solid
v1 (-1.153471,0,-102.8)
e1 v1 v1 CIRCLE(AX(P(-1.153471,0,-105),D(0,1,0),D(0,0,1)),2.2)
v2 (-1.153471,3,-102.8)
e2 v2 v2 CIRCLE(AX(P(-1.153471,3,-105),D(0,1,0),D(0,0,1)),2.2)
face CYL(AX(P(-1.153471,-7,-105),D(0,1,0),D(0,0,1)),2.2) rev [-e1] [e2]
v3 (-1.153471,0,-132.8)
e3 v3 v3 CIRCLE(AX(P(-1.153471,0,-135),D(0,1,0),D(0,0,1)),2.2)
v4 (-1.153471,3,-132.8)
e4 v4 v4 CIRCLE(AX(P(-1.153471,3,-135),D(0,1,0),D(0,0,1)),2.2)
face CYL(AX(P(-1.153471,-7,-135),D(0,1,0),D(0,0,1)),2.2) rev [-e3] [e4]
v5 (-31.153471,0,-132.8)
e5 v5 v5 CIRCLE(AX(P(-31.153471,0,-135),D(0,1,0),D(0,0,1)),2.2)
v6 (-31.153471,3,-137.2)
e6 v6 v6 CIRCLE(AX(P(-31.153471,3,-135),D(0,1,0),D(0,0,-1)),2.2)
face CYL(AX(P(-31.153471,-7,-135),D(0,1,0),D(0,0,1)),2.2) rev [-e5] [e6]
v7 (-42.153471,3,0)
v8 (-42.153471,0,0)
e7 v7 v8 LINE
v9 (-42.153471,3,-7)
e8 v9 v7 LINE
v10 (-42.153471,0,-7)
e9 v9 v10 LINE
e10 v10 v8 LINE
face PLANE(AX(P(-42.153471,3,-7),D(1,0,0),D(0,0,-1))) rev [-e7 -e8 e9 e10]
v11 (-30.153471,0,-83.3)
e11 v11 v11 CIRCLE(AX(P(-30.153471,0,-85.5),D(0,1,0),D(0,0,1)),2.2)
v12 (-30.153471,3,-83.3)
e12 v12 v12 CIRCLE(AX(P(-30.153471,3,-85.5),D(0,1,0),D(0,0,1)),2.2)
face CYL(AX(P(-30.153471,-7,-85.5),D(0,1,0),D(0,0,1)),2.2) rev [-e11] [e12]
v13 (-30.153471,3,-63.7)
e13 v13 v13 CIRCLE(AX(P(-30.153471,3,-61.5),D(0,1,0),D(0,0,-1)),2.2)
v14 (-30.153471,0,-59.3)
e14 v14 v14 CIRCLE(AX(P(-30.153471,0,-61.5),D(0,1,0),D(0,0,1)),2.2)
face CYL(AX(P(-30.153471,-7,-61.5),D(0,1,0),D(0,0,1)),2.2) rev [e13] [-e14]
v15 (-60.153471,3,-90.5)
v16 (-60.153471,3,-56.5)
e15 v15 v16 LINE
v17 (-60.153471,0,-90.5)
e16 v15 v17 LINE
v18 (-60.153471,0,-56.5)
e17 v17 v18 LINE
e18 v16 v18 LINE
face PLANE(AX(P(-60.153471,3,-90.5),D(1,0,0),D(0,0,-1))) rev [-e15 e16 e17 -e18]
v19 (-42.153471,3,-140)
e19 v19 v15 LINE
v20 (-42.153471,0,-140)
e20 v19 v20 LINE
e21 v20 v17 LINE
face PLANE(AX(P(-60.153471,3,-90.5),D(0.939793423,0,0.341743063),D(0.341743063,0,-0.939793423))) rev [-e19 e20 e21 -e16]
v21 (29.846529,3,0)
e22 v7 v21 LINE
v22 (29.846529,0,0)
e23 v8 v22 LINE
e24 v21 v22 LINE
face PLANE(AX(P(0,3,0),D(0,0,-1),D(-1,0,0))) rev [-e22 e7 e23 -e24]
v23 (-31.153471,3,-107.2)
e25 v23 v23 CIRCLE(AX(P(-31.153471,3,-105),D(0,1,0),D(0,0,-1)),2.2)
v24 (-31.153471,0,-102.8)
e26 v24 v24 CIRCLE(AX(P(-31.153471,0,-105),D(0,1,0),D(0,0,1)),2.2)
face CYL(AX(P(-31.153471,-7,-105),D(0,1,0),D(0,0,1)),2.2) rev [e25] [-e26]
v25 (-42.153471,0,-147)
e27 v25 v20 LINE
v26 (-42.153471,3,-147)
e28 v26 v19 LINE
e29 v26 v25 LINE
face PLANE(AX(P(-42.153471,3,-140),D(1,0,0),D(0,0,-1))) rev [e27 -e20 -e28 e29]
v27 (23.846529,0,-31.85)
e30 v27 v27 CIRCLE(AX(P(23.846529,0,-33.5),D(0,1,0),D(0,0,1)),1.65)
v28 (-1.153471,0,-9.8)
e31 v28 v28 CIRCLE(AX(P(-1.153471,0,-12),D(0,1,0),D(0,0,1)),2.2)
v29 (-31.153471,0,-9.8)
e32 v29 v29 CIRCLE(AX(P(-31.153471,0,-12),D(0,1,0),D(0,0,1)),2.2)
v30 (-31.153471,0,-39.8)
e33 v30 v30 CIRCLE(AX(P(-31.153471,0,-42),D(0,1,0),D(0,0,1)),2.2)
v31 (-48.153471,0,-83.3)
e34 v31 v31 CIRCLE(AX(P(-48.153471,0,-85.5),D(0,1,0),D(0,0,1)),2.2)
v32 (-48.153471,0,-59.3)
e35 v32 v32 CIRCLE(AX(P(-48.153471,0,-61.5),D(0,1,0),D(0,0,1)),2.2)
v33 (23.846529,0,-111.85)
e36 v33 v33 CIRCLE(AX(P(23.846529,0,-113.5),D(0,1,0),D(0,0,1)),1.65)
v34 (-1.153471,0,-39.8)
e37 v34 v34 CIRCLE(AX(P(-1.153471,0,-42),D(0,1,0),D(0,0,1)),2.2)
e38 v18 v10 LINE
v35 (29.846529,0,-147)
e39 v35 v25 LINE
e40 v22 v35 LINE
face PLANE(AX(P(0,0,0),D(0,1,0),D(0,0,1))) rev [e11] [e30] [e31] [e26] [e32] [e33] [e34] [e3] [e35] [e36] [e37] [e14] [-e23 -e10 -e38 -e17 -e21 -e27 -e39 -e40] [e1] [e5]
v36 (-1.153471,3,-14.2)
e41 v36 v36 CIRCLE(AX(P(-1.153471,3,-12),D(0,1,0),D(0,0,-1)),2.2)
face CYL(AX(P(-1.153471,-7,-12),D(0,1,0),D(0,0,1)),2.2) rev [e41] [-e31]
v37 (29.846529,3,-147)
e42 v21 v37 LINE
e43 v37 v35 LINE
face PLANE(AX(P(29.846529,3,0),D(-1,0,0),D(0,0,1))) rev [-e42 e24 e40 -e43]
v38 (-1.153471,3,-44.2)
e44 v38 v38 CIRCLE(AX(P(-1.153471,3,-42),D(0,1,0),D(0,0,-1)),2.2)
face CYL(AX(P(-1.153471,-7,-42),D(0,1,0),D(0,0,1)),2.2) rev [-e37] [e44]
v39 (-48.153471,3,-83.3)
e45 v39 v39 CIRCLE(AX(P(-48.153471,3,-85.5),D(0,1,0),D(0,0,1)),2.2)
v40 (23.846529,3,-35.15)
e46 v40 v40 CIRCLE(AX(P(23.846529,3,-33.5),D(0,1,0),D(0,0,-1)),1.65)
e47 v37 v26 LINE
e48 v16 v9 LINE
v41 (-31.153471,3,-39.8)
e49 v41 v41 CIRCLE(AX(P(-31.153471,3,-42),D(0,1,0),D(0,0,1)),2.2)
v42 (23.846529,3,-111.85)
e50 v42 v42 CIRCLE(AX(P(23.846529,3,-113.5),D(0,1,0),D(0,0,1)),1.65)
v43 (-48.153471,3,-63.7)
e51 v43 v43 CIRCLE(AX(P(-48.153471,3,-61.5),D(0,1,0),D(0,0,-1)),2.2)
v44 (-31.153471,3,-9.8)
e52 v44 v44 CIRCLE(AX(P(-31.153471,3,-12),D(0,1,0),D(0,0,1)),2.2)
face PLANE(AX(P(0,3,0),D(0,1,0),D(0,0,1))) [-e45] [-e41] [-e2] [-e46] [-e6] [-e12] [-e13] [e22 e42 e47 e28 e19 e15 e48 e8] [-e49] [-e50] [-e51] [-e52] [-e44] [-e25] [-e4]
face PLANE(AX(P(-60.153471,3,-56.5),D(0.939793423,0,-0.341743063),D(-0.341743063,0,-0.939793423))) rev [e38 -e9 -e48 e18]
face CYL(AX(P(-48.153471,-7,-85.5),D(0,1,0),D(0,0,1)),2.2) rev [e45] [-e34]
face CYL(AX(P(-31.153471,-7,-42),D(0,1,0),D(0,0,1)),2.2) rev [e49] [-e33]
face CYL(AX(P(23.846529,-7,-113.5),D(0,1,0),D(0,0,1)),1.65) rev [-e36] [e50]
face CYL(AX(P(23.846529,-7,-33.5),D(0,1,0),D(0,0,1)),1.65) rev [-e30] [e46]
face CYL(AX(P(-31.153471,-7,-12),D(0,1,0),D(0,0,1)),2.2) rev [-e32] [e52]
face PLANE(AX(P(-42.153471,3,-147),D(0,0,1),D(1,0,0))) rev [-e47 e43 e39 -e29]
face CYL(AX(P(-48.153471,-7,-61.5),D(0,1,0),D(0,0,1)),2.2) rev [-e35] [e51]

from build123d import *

# Parameters (mm, degrees)
EXTRUDE_1_DEPTH     = 3
SKETCH_2_R          = 2.2
SKETCH_2_R_2        = 1.65
CUT_EXTRUDE_1_DEPTH = 10


with BuildPart() as part:
    # 草图1 → 凸台-拉伸1 (new body)
    with BuildSketch(Plane(origin=(0, 0, 0), x_dir=(1, 0, 0), z_dir=(0, 1, 0))):
        Polygon((0, 0), (29.84652885, 0), (29.84652885, 147), (0, 147), (-42.15347115, 147), (-42.15347115, 140), (-60.15347115, 90.5), (-60.15347115, 56.5), (-42.15347115, 7), (-42.15347115, 0), align=None)
    extrude(amount=EXTRUDE_1_DEPTH)

    # 草图2 → 切除-拉伸1 (cut)
    with BuildSketch(Plane(origin=(0, 3, 0), x_dir=(1, 0, 0), z_dir=(0, 1, 0))):
        with Locations(Location((-48.15347115, 85.5, 0), (0, 0, 270))):
            Circle(SKETCH_2_R)
        with Locations(Location((-30.15347115, 85.5, 0), (0, 0, 270))):
            Circle(SKETCH_2_R)
        with Locations(Location((-30.15347115, 61.5, 0), (0, 0, 270))):
            Circle(SKETCH_2_R)
        with Locations(Location((-48.15347115, 61.5, 0), (0, 0, 270))):
            Circle(SKETCH_2_R)
        with Locations(Location((-1.15347115, 135, 0), (0, 0, 270))):
            Circle(SKETCH_2_R)
        with Locations(Location((-1.15347115, 105, 0), (0, 0, 270))):
            Circle(SKETCH_2_R)
        with Locations(Location((-31.15347115, 135, 0), (0, 0, 270))):
            Circle(SKETCH_2_R)
        with Locations(Location((-31.15347115, 105, 0), (0, 0, 270))):
            Circle(SKETCH_2_R)
        with Locations(Location((-31.15347115, 42, 0), (0, 0, 270))):
            Circle(SKETCH_2_R)
        with Locations(Location((-31.15347115, 12, 0), (0, 0, 270))):
            Circle(SKETCH_2_R)
        with Locations(Location((-1.15347115, 42, 0), (0, 0, 270))):
            Circle(SKETCH_2_R)
        with Locations(Location((-1.15347115, 12, 0), (0, 0, 270))):
            Circle(SKETCH_2_R)
        with Locations(Location((23.84652885, 113.5, 0), (0, 0, 270))):
            Circle(SKETCH_2_R_2)
        with Locations(Location((23.84652885, 33.5, 0), (0, 0, 270))):
            Circle(SKETCH_2_R_2)
    extrude(amount=-CUT_EXTRUDE_1_DEPTH, mode=Mode.SUBTRACT)


solid = part.part
